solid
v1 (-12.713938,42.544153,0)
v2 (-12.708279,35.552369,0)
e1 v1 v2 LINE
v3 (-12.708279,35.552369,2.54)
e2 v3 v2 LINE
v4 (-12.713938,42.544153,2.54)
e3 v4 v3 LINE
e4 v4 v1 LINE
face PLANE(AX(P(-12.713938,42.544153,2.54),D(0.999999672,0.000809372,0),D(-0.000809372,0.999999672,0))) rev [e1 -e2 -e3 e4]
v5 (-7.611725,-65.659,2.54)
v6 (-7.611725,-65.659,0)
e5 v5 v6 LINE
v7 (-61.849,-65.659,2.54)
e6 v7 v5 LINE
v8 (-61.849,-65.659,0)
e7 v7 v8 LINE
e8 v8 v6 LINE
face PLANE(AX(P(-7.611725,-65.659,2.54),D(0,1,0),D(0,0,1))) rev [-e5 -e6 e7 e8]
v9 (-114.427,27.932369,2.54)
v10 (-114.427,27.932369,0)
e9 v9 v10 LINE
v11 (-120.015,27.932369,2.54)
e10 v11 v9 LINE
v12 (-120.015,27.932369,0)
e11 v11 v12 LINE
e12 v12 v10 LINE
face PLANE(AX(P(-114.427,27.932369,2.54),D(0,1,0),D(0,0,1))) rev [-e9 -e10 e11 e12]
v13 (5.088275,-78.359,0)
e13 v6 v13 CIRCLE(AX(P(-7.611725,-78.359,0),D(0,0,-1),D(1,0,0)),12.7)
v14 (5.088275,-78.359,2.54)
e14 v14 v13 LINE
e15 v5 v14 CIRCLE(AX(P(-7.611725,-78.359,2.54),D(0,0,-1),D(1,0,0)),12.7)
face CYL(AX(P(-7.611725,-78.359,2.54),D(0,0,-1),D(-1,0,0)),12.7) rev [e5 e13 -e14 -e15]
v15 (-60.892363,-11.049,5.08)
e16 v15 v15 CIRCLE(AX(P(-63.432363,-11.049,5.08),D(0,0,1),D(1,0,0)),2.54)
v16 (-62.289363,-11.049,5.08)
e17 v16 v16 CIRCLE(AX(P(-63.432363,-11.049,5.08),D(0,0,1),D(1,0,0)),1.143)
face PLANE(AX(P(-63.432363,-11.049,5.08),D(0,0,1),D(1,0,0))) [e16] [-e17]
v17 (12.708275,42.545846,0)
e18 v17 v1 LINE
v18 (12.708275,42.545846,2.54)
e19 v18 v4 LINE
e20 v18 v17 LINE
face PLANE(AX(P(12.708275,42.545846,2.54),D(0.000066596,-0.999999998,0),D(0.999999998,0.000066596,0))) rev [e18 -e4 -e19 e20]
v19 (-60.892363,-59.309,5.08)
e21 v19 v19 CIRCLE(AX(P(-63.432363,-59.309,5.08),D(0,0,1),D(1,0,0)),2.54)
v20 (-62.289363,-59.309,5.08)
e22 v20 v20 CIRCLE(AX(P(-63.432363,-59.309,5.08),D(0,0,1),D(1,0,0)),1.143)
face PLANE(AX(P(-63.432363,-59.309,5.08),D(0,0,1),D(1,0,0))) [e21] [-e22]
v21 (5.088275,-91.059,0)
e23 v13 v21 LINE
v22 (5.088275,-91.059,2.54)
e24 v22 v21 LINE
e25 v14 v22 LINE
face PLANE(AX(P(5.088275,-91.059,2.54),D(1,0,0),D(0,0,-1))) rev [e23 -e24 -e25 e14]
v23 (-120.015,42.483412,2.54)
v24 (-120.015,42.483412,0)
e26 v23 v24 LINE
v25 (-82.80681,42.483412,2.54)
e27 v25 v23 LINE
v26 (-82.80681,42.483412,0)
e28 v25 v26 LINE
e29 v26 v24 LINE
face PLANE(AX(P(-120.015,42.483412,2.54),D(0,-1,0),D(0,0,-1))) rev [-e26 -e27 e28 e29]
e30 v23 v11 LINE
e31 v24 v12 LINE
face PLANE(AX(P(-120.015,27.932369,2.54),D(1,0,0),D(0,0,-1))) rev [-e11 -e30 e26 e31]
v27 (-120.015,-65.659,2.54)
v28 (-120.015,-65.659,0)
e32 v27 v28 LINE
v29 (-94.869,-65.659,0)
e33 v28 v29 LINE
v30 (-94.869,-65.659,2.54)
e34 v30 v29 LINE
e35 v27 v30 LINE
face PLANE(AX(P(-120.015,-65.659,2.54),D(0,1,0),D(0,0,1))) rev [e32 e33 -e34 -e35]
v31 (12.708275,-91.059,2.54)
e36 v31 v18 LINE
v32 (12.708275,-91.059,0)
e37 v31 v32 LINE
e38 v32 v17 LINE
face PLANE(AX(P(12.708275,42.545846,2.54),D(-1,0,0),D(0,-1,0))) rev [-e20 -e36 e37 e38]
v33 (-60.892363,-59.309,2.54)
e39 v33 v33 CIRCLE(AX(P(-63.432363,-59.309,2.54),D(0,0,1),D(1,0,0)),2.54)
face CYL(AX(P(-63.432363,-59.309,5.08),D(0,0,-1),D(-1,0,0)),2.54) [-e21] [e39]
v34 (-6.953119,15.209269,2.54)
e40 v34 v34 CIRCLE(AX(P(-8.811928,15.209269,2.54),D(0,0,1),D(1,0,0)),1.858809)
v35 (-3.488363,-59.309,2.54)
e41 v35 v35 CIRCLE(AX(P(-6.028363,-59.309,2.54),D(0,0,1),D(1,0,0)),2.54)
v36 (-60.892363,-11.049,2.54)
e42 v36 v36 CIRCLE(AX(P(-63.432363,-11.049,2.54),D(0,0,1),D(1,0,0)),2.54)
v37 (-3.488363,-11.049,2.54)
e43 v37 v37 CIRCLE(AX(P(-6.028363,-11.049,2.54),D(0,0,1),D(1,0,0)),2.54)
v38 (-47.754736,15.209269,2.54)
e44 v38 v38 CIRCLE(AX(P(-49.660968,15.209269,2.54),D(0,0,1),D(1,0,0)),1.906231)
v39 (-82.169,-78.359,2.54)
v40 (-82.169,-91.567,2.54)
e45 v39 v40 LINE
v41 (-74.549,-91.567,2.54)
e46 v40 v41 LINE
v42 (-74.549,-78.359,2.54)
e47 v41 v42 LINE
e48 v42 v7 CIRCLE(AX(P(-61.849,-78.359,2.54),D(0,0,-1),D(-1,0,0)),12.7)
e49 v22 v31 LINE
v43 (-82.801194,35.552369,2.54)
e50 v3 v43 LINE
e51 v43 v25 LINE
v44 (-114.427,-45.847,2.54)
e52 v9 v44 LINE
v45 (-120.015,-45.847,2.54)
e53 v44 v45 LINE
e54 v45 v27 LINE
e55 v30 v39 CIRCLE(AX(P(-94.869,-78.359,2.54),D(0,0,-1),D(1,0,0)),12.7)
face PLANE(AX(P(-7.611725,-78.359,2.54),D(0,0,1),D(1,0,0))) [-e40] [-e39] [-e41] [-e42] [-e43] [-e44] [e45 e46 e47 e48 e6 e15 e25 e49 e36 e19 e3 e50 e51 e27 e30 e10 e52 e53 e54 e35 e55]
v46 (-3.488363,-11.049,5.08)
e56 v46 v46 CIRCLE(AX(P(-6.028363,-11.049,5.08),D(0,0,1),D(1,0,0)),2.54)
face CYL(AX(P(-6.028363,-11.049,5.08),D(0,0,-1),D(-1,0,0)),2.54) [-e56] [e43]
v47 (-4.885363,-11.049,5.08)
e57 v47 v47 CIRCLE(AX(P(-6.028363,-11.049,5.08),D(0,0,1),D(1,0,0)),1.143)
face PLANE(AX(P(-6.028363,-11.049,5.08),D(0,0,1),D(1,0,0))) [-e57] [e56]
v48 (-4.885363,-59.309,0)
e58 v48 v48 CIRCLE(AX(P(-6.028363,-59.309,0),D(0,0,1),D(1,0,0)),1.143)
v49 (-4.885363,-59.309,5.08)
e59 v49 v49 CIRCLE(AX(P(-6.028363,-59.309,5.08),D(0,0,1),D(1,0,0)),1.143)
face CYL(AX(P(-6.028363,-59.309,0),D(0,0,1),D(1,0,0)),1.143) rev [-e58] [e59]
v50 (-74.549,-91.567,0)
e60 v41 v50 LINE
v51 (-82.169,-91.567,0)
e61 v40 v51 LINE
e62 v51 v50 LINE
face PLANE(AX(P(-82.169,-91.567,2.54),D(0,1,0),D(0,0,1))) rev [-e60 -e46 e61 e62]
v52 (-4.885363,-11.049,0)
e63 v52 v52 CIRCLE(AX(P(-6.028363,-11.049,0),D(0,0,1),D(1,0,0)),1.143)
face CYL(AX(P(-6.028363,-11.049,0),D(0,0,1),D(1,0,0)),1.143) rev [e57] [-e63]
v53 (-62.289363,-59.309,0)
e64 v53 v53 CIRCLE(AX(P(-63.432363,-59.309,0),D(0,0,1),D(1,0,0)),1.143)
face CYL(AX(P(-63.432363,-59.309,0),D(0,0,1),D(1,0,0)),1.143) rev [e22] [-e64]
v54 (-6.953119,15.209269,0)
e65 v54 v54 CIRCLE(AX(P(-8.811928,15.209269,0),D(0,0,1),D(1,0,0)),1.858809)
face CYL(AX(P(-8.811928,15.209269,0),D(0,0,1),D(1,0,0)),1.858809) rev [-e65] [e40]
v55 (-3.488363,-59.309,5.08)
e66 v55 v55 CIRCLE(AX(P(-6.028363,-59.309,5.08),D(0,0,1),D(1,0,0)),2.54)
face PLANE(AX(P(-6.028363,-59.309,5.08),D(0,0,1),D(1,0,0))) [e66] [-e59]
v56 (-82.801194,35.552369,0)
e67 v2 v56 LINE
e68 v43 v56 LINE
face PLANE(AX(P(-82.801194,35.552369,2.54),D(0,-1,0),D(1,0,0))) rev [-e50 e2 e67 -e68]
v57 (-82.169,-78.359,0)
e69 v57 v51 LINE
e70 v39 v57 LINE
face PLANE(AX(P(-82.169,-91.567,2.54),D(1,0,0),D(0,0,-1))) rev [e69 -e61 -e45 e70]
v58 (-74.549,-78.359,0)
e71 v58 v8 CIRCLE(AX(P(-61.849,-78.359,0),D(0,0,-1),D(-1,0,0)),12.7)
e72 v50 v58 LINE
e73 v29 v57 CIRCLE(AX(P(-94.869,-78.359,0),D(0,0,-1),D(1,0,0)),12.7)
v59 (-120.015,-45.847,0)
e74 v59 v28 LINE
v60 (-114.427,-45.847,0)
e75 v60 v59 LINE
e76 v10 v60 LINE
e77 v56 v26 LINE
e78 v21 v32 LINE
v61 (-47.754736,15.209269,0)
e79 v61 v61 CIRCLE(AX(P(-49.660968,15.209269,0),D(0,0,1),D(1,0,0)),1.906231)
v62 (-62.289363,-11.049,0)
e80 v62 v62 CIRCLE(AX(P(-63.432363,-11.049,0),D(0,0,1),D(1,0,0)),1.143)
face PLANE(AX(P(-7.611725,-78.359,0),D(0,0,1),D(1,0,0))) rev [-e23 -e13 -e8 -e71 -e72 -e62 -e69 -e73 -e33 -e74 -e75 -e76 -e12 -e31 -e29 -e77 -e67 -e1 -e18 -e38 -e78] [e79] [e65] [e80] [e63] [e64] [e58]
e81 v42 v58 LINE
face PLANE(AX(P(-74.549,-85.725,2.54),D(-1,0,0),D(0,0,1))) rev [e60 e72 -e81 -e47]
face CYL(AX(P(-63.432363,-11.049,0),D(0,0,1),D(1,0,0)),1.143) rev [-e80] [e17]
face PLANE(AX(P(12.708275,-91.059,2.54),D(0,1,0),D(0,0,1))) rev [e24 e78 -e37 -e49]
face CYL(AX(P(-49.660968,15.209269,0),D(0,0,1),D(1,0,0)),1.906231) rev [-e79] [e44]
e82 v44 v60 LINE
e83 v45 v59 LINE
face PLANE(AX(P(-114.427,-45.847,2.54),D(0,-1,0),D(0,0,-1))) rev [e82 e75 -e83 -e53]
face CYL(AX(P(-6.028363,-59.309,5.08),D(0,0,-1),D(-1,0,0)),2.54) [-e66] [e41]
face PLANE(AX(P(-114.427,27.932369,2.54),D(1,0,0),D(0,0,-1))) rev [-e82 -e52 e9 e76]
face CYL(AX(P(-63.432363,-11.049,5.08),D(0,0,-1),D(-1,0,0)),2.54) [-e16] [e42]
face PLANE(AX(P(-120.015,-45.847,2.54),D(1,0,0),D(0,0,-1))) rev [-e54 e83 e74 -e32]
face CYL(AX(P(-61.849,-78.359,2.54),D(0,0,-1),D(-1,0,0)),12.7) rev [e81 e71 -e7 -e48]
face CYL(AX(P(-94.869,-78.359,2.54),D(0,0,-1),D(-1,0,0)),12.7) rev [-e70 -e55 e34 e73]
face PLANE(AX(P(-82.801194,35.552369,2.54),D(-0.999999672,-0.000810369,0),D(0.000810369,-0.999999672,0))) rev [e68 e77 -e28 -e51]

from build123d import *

# Parameters (mm, degrees)
BOSS_EXTRUDE1_DEPTH = 2.54
SKETCH3_R           = 2.54
BOSS_EXTRUDE2_DEPTH = 2.54
SKETCH4_R           = 1.143
CUT_EXTRUDE1_DEPTH  = 152.042782279
SKETCH5_R           = 1.858808724
SKETCH5_R_2         = 1.906231368
CUT_EXTRUDE2_DEPTH  = 151.978698095


with BuildPart() as part:
    # Sketch2 → Boss-Extrude1 (new body)
    with BuildSketch(Plane.XY):
        with BuildLine():
            Line((-114.427, 27.932368959), (-120.015, 27.932368959))
            Line((-120.015, 27.932368959), (-120.015, 42.483412464))
            Line((-120.015, 42.483412464), (-82.806810404, 42.483412464))
            Line((-82.806810404, 42.483412464), (-82.801193697, 35.552368959))
            Line((-82.801193697, 35.552368959), (-12.708278928, 35.552368959))
            Line((-12.708278928, 35.552368959), (-12.713937882, 42.544153403))
            Line((-12.713937882, 42.544153403), (12.708274756, 42.545846409))
            Line((12.708274756, 42.545846409), (12.708274756, -33.146999807))
            Line((12.708274756, -33.146999807), (12.708274756, -91.058999807))
            Line((12.708274756, -91.058999807), (5.088274756, -91.058999807))
            Line((5.088274756, -91.058999807), (5.088274756, -78.358999807))
            ThreePointArc((5.088274756, -78.358999807), (1.368530877, -69.378743686), (-7.611725244, -65.658999807))
            Line((-7.611725244, -65.658999807), (-61.849, -65.658999807))
            ThreePointArc((-61.849, -65.658999807), (-70.829256121, -69.378743686), (-74.549, -78.358999807))
            Line((-74.549, -78.358999807), (-74.549, -85.724999807))
            Line((-74.549, -85.724999807), (-74.549, -91.566999807))
            Line((-74.549, -91.566999807), (-82.169, -91.566999807))
            Line((-82.169, -91.566999807), (-82.169, -85.724999807))
            Line((-82.169, -85.724999807), (-82.169, -78.358999807))
            ThreePointArc((-82.169, -78.358999807), (-85.888743879, -69.378743686), (-94.869, -65.658999807))
            Line((-94.869, -65.658999807), (-120.015, -65.658999807))
            Line((-120.015, -65.658999807), (-120.015, -45.846999807))
            Line((-120.015, -45.846999807), (-114.427, -45.846999807))
            Line((-114.427, -45.846999807), (-114.427, 27.932368959))
        make_face()
    extrude(amount=BOSS_EXTRUDE1_DEPTH)

    # Sketch3 → Boss-Extrude2 (add)
    with BuildSketch(Plane.XY.offset(2.54)):
        with Locations((-63.432362622, -59.308999807)):
            Circle(SKETCH3_R)
        with Locations((-6.028362622, -59.308999807)):
            Circle(SKETCH3_R)
        with Locations((-6.028362622, -11.048999807)):
            Circle(SKETCH3_R)
        with Locations((-63.432362622, -11.048999807)):
            Circle(SKETCH3_R)
    extrude(amount=BOSS_EXTRUDE2_DEPTH)

    # Sketch4 → Cut-Extrude1 (cut, through all)
    with BuildSketch(Plane.XY.offset(5.08)):
        with Locations((-6.028362622, -59.308999807)):
            Circle(SKETCH4_R)
        with Locations((-63.432362622, -59.308999807)):
            Circle(SKETCH4_R)
        with Locations((-63.432362622, -11.048999807)):
            Circle(SKETCH4_R)
        with Locations((-6.028362622, -11.048999807)):
            Circle(SKETCH4_R)
    extrude(amount=-CUT_EXTRUDE1_DEPTH, mode=Mode.SUBTRACT)

    # Sketch5 → Cut-Extrude2 (cut, through all)
    with BuildSketch(Plane.XY.offset(2.54)):
        with Locations((-8.811927589, 15.209269476)):
            Circle(SKETCH5_R)
        with Locations((-49.660967681, 15.209269476)):
            Circle(SKETCH5_R_2)
    extrude(amount=-CUT_EXTRUDE2_DEPTH, mode=Mode.SUBTRACT)


solid = part.part
